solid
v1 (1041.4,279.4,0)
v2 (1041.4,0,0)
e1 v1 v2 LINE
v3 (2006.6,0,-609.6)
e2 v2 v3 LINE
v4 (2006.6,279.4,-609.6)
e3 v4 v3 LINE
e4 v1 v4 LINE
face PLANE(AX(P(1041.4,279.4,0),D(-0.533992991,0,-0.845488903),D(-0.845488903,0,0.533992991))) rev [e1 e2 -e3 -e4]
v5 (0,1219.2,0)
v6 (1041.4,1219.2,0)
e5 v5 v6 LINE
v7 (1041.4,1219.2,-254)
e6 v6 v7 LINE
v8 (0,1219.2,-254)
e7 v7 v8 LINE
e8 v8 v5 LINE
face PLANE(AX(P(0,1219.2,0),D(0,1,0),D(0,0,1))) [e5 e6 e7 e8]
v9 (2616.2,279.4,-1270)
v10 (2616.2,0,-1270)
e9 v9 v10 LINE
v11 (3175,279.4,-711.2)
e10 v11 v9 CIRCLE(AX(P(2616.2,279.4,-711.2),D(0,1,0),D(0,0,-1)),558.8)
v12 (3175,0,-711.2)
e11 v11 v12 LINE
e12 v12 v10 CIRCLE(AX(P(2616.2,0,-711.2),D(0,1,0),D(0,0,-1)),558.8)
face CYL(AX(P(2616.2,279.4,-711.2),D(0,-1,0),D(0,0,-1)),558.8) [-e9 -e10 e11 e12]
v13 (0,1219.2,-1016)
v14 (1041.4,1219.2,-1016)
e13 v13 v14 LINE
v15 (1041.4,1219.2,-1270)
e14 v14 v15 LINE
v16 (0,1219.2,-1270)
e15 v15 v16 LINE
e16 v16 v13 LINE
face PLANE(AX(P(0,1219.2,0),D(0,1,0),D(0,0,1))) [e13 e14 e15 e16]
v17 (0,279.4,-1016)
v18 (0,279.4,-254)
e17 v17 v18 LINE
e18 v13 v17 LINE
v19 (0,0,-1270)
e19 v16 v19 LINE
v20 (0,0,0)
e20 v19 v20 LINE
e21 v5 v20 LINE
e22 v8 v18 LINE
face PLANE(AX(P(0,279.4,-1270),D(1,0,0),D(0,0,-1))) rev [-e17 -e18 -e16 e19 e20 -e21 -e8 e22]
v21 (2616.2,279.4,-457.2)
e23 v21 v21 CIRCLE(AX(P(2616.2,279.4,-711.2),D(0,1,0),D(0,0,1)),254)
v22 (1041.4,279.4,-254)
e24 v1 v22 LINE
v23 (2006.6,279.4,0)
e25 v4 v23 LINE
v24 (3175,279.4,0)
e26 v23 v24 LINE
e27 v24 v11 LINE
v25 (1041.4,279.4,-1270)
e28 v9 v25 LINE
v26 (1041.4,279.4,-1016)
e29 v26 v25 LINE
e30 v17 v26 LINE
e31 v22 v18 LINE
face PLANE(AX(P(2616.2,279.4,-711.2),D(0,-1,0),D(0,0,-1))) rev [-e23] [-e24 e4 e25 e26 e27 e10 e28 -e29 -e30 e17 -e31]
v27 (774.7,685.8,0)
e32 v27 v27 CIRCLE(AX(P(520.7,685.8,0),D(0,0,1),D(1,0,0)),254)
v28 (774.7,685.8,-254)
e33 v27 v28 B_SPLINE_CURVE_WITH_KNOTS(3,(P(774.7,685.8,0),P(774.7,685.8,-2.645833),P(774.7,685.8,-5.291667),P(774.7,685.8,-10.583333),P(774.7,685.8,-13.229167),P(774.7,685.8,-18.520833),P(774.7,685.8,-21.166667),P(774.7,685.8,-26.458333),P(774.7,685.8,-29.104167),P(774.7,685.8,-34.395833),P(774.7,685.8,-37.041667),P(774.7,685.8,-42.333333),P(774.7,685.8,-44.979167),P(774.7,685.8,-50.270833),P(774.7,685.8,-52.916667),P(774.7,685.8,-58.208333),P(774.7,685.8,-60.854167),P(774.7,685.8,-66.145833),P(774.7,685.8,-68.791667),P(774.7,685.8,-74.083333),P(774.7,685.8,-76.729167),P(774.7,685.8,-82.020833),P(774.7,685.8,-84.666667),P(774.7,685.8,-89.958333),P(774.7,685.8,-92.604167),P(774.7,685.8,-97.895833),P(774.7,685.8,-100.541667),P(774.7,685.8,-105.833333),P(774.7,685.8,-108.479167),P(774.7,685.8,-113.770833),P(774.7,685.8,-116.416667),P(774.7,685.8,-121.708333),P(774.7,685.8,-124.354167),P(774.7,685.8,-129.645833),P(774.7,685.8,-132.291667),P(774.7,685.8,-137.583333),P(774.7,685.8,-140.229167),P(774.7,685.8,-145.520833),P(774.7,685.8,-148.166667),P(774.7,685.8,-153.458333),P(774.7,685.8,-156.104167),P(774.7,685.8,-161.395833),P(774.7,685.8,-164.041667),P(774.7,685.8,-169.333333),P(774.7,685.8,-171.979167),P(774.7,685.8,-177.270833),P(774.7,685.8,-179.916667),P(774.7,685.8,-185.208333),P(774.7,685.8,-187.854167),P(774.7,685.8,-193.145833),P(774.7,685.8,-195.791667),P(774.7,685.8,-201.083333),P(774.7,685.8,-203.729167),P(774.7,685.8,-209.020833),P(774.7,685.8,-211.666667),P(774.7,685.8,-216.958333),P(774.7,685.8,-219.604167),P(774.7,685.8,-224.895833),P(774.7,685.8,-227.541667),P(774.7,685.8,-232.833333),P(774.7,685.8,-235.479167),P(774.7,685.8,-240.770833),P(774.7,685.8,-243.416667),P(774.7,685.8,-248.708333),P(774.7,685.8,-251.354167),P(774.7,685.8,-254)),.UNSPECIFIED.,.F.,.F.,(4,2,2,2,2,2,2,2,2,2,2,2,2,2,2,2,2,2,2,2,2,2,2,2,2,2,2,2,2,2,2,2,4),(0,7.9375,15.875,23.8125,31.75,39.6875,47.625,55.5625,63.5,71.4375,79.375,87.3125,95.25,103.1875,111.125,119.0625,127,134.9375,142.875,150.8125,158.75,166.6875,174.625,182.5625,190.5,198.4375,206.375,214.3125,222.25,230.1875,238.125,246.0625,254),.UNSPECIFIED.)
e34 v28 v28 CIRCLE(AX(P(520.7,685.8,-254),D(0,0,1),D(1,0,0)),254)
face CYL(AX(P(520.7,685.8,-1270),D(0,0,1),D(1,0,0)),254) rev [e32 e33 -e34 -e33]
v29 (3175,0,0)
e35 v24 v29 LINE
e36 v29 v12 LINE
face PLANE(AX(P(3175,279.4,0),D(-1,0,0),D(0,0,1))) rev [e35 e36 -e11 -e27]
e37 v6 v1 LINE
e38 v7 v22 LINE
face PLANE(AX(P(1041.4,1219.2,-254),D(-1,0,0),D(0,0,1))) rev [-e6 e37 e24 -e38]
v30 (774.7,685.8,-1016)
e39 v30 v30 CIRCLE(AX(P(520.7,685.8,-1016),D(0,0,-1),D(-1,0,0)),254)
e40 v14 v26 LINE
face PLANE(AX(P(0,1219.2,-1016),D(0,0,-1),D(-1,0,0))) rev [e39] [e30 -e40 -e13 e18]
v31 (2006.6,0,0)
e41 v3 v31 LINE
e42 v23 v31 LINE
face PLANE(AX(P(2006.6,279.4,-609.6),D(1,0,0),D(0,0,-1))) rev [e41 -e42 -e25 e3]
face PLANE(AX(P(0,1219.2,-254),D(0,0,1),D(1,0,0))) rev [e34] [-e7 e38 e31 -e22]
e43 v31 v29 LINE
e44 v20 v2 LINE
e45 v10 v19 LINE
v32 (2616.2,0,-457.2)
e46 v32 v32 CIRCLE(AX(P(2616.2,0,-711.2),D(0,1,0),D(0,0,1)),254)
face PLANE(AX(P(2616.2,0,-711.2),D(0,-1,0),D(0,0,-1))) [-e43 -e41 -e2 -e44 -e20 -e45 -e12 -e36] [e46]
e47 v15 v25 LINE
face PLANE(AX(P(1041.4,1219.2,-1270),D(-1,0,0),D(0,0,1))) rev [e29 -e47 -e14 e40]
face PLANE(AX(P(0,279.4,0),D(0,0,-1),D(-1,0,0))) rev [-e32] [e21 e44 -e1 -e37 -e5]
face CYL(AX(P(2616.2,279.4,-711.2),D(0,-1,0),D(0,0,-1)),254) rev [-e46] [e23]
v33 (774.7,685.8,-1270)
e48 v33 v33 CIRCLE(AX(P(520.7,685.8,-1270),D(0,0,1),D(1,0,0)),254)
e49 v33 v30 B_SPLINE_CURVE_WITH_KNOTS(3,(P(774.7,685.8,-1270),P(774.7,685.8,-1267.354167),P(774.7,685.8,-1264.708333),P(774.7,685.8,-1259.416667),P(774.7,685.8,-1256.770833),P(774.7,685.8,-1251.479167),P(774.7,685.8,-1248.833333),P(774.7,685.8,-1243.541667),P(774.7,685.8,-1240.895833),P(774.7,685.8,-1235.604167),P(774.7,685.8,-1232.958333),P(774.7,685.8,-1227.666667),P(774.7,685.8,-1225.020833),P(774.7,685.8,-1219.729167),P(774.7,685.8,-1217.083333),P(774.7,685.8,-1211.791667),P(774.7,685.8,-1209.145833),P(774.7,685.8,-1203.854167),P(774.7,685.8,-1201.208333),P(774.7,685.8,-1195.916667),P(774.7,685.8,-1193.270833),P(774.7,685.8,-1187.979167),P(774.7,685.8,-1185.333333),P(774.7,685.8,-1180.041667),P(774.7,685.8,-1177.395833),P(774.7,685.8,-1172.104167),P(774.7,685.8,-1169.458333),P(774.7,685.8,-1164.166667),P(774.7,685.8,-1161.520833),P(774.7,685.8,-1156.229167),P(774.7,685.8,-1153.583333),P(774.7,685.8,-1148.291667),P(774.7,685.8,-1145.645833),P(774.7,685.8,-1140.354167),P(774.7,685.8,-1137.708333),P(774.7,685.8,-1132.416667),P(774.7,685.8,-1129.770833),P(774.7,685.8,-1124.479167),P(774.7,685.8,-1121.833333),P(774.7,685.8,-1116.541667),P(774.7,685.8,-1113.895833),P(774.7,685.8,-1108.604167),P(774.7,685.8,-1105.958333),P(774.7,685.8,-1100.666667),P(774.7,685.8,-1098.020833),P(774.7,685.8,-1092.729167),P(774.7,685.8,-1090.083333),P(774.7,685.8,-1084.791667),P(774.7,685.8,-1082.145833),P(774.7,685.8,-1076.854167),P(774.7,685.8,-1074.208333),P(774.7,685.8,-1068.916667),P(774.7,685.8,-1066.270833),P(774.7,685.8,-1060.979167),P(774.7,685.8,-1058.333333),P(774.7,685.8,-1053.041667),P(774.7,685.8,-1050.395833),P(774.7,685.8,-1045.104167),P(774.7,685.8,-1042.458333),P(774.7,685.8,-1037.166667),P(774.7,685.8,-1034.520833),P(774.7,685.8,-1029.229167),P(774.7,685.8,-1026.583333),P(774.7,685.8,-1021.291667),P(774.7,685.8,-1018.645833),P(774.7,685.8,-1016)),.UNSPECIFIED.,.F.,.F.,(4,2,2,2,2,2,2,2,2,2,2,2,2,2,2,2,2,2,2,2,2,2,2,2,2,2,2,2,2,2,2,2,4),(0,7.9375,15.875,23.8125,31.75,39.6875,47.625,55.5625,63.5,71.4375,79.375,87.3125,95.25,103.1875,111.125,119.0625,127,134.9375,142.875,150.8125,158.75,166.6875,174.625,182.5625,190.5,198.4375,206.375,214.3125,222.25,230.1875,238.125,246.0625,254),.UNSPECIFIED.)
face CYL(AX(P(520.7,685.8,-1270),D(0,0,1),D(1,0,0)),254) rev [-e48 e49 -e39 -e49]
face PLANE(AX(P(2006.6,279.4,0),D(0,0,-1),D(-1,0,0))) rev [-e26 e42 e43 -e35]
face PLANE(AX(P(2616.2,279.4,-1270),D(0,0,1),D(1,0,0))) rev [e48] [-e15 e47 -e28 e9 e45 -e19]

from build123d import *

# Parameters (mm, degrees)
SKETCH1_R           = 254
BOSS_EXTRUDE1_DEPTH = 279.4
SKETCH2_W           = 1041.4
SKETCH2_H           = 254
BOSS_EXTRUDE2_DEPTH = 939.8
SKETCH3_R           = 254
CUT_EXTRUDE1_DEPTH  = 1270


with BuildPart() as part:
    # Sketch1 → Boss-Extrude1 (new body)
    with BuildSketch(Plane(origin=(0, 0, 0), x_dir=(1, 0, 0), z_dir=(0, 1, 0))):
        with BuildLine():
            Line((0, 0), (1041.4, 0))
            Line((1041.4, 0), (2006.6, 609.6))
            Line((2006.6, 609.6), (2006.6, 0))
            Line((2006.6, 0), (3175, 0))
            Line((3175, 0), (3175, 711.2))
            ThreePointArc((3175, 711.2), (3011.331269327, 1106.331269327), (2616.2, 1270))
            Line((2616.2, 1270), (0, 1270))
            Line((0, 1270), (0, 0))
        make_face()
        with Locations(Location((2616.2, 711.2, 0), (0, 0, 270))):
            Circle(SKETCH1_R, mode=Mode.SUBTRACT)
    extrude(amount=BOSS_EXTRUDE1_DEPTH)

    # Sketch2 → Boss-Extrude2 (add)
    with BuildSketch(Plane(origin=(0, 279.4, 0), x_dir=(1, 0, 0), z_dir=(0, 1, 0))):
        with Locations((520.7, 1143)):
            Rectangle(SKETCH2_W, SKETCH2_H)
        with Locations((520.7, 127)):
            Rectangle(SKETCH2_W, SKETCH2_H)
    extrude(amount=BOSS_EXTRUDE2_DEPTH)

    # Sketch3 → Cut-Extrude1 (cut)
    with BuildSketch(Plane.XY):
        with Locations((520.7, 685.8)):
            Circle(SKETCH3_R)
    extrude(amount=-CUT_EXTRUDE1_DEPTH, mode=Mode.SUBTRACT)


solid = part.part
